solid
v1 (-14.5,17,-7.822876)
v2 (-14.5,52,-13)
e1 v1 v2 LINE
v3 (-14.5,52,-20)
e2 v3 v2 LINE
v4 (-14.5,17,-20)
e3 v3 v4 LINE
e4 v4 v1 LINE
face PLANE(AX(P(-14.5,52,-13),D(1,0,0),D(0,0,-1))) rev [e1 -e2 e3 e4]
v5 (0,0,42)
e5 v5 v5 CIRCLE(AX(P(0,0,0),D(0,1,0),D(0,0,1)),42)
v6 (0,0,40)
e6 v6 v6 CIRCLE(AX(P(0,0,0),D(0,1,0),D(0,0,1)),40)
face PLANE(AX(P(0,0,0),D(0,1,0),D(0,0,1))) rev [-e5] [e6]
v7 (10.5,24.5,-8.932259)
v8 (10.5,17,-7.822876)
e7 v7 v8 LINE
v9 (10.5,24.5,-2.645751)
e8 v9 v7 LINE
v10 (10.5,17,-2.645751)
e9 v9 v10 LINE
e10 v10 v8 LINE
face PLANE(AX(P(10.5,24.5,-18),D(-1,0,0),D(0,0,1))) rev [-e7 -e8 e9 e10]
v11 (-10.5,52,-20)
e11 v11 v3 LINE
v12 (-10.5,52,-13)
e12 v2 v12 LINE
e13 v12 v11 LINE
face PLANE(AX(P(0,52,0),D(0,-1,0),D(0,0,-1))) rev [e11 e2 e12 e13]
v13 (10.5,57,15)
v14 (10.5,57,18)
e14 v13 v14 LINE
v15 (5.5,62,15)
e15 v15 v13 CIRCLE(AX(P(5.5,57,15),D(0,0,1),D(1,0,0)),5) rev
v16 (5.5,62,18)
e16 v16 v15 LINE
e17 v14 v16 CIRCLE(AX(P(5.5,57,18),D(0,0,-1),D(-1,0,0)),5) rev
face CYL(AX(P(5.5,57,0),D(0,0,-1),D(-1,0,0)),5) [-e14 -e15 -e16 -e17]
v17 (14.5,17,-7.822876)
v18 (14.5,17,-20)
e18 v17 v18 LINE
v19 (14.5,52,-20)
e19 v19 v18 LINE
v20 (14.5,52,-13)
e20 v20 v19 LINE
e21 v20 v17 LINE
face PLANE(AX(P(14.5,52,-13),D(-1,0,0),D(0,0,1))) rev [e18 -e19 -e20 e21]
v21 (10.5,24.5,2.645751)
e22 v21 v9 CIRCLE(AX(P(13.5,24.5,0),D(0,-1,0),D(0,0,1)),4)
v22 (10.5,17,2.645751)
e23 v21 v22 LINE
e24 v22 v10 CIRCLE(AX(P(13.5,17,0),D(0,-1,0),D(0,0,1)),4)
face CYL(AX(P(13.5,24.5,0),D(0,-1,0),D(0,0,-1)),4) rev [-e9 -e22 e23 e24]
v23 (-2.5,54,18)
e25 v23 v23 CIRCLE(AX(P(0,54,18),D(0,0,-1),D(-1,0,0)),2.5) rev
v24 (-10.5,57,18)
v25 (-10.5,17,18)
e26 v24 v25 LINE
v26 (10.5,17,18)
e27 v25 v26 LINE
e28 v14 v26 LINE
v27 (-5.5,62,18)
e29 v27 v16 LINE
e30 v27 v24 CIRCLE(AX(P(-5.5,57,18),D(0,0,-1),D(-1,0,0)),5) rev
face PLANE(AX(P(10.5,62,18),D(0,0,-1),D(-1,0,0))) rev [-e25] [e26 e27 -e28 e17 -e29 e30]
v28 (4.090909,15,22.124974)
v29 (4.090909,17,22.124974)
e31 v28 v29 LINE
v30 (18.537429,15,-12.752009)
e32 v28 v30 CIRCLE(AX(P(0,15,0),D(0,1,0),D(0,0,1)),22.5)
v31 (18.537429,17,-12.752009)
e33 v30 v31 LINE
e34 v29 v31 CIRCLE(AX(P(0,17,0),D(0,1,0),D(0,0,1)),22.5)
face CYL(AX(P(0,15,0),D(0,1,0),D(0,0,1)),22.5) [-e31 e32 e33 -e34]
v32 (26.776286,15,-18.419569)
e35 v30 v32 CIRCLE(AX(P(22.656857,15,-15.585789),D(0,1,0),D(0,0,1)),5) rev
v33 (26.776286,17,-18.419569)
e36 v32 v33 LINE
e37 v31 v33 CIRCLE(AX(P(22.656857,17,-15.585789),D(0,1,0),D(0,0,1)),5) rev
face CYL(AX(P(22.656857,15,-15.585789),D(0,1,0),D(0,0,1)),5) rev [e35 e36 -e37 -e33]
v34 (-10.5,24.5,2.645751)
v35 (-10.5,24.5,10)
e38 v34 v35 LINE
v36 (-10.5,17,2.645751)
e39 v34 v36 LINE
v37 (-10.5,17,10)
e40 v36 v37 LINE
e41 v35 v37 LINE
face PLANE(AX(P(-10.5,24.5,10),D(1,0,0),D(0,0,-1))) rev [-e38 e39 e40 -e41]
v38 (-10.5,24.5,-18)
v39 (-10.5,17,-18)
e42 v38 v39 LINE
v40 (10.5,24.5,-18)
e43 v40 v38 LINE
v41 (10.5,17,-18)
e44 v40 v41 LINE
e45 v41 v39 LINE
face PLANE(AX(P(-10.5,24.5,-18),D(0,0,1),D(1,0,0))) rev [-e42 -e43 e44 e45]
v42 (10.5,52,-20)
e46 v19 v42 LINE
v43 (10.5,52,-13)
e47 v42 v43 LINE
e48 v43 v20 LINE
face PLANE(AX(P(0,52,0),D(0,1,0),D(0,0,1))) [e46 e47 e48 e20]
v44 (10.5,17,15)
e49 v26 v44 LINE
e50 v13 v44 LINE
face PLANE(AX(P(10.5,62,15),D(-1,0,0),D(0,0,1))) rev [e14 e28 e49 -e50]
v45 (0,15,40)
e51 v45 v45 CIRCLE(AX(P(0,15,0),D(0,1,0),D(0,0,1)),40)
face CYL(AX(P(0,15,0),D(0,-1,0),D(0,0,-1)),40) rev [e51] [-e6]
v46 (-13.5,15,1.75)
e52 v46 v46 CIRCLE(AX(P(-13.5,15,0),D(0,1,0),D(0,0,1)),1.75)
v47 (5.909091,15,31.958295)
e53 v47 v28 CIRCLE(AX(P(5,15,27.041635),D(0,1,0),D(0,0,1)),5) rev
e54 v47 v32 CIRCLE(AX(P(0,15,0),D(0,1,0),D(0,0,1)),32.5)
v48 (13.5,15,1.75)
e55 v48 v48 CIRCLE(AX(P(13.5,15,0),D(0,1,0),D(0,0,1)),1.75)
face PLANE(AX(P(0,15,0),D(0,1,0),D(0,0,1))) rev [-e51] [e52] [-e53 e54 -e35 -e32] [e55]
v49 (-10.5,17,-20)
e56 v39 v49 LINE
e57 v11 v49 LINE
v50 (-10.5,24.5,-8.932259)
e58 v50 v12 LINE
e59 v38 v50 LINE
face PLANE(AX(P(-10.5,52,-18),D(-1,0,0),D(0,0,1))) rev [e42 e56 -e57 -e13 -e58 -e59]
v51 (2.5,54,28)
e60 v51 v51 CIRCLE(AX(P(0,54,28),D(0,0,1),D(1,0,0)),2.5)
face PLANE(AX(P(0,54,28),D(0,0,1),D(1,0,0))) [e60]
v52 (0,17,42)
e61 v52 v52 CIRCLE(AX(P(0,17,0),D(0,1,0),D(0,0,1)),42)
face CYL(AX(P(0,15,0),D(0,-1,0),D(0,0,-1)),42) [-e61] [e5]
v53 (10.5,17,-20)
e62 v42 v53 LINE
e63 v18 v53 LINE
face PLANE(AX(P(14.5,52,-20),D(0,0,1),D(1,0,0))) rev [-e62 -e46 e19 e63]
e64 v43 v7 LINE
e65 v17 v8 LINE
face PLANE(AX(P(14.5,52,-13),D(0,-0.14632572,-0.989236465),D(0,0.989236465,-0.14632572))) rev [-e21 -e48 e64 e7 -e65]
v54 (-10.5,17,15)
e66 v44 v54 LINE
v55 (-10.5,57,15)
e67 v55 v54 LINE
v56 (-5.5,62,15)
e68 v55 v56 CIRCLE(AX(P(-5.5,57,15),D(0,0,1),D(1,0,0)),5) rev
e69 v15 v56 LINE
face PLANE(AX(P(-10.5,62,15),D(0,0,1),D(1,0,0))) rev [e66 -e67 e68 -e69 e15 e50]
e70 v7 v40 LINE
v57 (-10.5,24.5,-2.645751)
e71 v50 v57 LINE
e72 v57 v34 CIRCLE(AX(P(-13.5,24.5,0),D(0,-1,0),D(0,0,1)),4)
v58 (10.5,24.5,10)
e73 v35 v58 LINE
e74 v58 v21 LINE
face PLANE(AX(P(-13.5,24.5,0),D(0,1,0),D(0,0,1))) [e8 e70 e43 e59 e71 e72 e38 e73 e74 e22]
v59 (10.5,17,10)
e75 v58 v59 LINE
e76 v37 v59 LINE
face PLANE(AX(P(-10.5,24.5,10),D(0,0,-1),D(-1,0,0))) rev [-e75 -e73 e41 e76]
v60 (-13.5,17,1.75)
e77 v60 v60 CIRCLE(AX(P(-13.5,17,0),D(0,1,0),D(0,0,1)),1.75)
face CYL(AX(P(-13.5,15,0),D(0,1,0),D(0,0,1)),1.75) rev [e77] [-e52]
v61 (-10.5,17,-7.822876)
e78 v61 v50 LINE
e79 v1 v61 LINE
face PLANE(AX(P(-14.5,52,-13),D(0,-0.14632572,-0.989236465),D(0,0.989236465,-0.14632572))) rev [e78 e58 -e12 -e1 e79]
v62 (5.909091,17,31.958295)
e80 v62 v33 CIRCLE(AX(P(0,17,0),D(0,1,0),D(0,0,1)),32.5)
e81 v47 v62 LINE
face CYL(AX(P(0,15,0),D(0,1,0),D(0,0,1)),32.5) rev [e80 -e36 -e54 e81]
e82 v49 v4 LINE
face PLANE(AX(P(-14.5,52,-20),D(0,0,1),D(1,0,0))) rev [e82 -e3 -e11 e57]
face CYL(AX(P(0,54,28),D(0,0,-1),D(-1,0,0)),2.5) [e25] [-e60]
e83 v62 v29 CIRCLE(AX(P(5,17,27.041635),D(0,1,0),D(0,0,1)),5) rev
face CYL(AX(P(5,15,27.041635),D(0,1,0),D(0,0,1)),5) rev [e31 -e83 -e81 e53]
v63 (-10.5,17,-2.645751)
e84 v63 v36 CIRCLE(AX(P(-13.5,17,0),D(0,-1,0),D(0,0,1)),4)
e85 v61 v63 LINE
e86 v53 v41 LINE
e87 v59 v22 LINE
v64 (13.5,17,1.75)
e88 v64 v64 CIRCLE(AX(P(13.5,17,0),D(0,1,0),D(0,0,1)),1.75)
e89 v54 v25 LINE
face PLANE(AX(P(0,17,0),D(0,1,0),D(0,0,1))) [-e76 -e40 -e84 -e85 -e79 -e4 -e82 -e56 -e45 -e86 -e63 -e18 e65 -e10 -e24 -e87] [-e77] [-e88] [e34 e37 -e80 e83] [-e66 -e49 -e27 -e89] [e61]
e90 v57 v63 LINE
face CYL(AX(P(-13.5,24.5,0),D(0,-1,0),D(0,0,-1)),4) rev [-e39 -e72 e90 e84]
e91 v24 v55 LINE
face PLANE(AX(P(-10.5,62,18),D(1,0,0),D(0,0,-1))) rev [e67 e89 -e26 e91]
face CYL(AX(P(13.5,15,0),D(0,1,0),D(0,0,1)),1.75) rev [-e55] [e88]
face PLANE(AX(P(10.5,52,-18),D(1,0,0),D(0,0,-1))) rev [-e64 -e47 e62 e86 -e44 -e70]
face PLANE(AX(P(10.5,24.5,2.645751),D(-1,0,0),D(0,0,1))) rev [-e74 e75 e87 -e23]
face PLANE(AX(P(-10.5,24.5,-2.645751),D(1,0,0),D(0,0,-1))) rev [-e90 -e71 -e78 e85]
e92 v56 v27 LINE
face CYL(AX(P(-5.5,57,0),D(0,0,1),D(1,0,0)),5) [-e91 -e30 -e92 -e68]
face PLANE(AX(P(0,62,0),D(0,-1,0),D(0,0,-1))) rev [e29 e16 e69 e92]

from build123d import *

# Parameters (mm, degrees)
IZIM1_R                     = 42
IZIM1_R_2                   = 40
Y_KSEKLIK_EKSTR_ZYON1_DEPTH = 15
IZIM2_R                     = 42
Y_KSEKLIK_EKSTR_ZYON2_DEPTH = 2
IZIM3_R                     = 1.75
KES_EKSTR_ZYON1_DEPTH       = 2
KES_EKSTR_ZYON2_DEPTH       = 2
Y_KSEKLIK_EKSTR_ZYON3_DEPTH = 7.5
Y_KSEKLIK_EKSTR_ZYON4_DEPTH = 35
Y_KSEKLIK_EKSTR_ZYON5_DEPTH = 4
Y_KSEKLIK_EKSTR_ZYON6_DEPTH = 4
IZIM9_W                     = 21
IZIM9_H                     = 3
Y_KSEKLIK_EKSTR_ZYON7_DEPTH = 45
IZIM10_R                    = 2.5
Y_KSEKLIK_EKSTR_ZYON8_DEPTH = 10
RADYUS1_R                   = 5


with BuildPart() as part:
    # Çizim1 → Yükseklik-Ekstrüzyon1 (new body)
    with BuildSketch(Plane(origin=(0, 0, 0), x_dir=(1, 0, 0), z_dir=(0, 1, 0))):
        with Locations(Location((0, 0, 0), (0, 0, 270))):
            Circle(IZIM1_R)
        with Locations(Location((0, 0, 0), (0, 0, 270))):
            Circle(IZIM1_R_2, mode=Mode.SUBTRACT)
    extrude(amount=Y_KSEKLIK_EKSTR_ZYON1_DEPTH)

    # Çizim2 → Yükseklik-Ekstrüzyon2 (add)
    with BuildSketch(Plane(origin=(0, 15, 0), x_dir=(1, 0, 0), z_dir=(0, 1, 0))):
        with Locations(Location((0, 0, 0), (0, 0, 270))):
            Circle(IZIM2_R)
    extrude(amount=Y_KSEKLIK_EKSTR_ZYON2_DEPTH)

    # Çizim3 → Kes-Ekstrüzyon1 (cut)
    with BuildSketch(Plane(origin=(0, 17, 0), x_dir=(1, 0, 0), z_dir=(0, 1, 0))):
        with Locations(Location((-13.5, 0, 0), (0, 0, 270))):
            Circle(IZIM3_R)
        with Locations(Location((13.5, 0, 0), (0, 0, 270))):
            Circle(IZIM3_R)
    extrude(amount=-KES_EKSTR_ZYON1_DEPTH, mode=Mode.SUBTRACT)

    # Çizim4 → Kes-Ekstrüzyon2 (cut)
    with BuildSketch(Plane(origin=(0, 17, 0), x_dir=(1, 0, 0), z_dir=(0, 1, 0))):
        with BuildLine():
            ThreePointArc((19.121323176, 19.121323176), (23.11330853, 20.564910887), (26.776285642, 18.419569137))
            ThreePointArc((26.776285642, 18.419569137), (30.026084807, -12.437211552), (5.909090909, -31.958295396))
            ThreePointArc((5.909090909, -31.958295396), (1.801989255, -30.88516514), (0, -27.041634566))
            ThreePointArc((0, -27.041634566), (1.156469426, -23.843623821), (4.090909091, -22.124973736))
            ThreePointArc((4.090909091, -22.124973736), (20.787289482, -8.610377228), (18.537428522, 12.752009403))
            ThreePointArc((18.537428522, 12.752009403), (17.677735465, 16.042240718), (19.121323176, 19.121323176))
        make_face()
    extrude(amount=-KES_EKSTR_ZYON2_DEPTH, mode=Mode.SUBTRACT)

    # Çizim5 → Yükseklik-Ekstrüzyon3 (add)
    with BuildSketch(Plane(origin=(0, 17, 0), x_dir=(1, 0, 0), z_dir=(0, 1, 0))):
        with BuildLine():
            Line((-10.5, -10), (-10.5, -2.645751311))
            ThreePointArc((-10.5, -2.645751311), (-9.5, 0), (-10.5, 2.645751311))
            Line((-10.5, 2.645751311), (-10.5, 18))
            Line((-10.5, 18), (10.5, 18))
            Line((10.5, 18), (10.5, 2.645751311))
            ThreePointArc((10.5, 2.645751311), (9.5, 0), (10.5, -2.645751311))
            Line((10.5, -2.645751311), (10.5, -10))
            Line((10.5, -10), (-10.5, -10))
        make_face()
    extrude(amount=Y_KSEKLIK_EKSTR_ZYON3_DEPTH)

    # Çizim6 → Yükseklik-Ekstrüzyon4 (add)
    with BuildSketch(Plane(origin=(0, 17, 0), x_dir=(1, 0, 0), z_dir=(0, 1, 0))):
        Polygon((-10.5, 18), (-10.5, 13), (-14.5, 13), (-14.5, 20), (-10.5, 20), align=None)
        Polygon((10.5, 20), (10.5, 18), (10.5, 13), (14.5, 13), (14.5, 20), align=None)
    extrude(amount=Y_KSEKLIK_EKSTR_ZYON4_DEPTH)

    # Çizim7 → Yükseklik-Ekstrüzyon5 (add)
    with BuildSketch(Plane(origin=(10.5, 0, 0), x_dir=(0, 0, -1), z_dir=(1, 0, 0))):
        Polygon((13, 52), (7.822875656, 17), (13, 17), align=None)
    extrude(amount=Y_KSEKLIK_EKSTR_ZYON5_DEPTH)

    # Çizim8 → Yükseklik-Ekstrüzyon6 (add)
    with BuildSketch(Plane.ZY.offset(10.5)):
        Polygon((-13, 52), (-7.822875656, 17), (-13, 17), align=None)
    extrude(amount=Y_KSEKLIK_EKSTR_ZYON6_DEPTH)

    # Çizim9 → Yükseklik-Ekstrüzyon7 (add)
    with BuildSketch(Plane(origin=(0, 17, 0), x_dir=(1, 0, 0), z_dir=(0, 1, 0))):
        with Locations((0, -16.5)):
            Rectangle(IZIM9_W, IZIM9_H)
    extrude(amount=Y_KSEKLIK_EKSTR_ZYON7_DEPTH)

    # Çizim10 → Yükseklik-Ekstrüzyon8 (add)
    with BuildSketch(Plane.XY.offset(18)):
        with Locations(Location((0, 54, 0), (0, 0, 180))):
            Circle(IZIM10_R)
    extrude(amount=Y_KSEKLIK_EKSTR_ZYON8_DEPTH)

    # Radyus1
    radyus1_edges = [part.edges().sort_by_distance(p)[0] for p in [
        (-10.5, 62, 16.5),
        (10.5, 62, 16.5),
    ]]
    fillet(radyus1_edges, radius=RADYUS1_R)


solid = part.part
